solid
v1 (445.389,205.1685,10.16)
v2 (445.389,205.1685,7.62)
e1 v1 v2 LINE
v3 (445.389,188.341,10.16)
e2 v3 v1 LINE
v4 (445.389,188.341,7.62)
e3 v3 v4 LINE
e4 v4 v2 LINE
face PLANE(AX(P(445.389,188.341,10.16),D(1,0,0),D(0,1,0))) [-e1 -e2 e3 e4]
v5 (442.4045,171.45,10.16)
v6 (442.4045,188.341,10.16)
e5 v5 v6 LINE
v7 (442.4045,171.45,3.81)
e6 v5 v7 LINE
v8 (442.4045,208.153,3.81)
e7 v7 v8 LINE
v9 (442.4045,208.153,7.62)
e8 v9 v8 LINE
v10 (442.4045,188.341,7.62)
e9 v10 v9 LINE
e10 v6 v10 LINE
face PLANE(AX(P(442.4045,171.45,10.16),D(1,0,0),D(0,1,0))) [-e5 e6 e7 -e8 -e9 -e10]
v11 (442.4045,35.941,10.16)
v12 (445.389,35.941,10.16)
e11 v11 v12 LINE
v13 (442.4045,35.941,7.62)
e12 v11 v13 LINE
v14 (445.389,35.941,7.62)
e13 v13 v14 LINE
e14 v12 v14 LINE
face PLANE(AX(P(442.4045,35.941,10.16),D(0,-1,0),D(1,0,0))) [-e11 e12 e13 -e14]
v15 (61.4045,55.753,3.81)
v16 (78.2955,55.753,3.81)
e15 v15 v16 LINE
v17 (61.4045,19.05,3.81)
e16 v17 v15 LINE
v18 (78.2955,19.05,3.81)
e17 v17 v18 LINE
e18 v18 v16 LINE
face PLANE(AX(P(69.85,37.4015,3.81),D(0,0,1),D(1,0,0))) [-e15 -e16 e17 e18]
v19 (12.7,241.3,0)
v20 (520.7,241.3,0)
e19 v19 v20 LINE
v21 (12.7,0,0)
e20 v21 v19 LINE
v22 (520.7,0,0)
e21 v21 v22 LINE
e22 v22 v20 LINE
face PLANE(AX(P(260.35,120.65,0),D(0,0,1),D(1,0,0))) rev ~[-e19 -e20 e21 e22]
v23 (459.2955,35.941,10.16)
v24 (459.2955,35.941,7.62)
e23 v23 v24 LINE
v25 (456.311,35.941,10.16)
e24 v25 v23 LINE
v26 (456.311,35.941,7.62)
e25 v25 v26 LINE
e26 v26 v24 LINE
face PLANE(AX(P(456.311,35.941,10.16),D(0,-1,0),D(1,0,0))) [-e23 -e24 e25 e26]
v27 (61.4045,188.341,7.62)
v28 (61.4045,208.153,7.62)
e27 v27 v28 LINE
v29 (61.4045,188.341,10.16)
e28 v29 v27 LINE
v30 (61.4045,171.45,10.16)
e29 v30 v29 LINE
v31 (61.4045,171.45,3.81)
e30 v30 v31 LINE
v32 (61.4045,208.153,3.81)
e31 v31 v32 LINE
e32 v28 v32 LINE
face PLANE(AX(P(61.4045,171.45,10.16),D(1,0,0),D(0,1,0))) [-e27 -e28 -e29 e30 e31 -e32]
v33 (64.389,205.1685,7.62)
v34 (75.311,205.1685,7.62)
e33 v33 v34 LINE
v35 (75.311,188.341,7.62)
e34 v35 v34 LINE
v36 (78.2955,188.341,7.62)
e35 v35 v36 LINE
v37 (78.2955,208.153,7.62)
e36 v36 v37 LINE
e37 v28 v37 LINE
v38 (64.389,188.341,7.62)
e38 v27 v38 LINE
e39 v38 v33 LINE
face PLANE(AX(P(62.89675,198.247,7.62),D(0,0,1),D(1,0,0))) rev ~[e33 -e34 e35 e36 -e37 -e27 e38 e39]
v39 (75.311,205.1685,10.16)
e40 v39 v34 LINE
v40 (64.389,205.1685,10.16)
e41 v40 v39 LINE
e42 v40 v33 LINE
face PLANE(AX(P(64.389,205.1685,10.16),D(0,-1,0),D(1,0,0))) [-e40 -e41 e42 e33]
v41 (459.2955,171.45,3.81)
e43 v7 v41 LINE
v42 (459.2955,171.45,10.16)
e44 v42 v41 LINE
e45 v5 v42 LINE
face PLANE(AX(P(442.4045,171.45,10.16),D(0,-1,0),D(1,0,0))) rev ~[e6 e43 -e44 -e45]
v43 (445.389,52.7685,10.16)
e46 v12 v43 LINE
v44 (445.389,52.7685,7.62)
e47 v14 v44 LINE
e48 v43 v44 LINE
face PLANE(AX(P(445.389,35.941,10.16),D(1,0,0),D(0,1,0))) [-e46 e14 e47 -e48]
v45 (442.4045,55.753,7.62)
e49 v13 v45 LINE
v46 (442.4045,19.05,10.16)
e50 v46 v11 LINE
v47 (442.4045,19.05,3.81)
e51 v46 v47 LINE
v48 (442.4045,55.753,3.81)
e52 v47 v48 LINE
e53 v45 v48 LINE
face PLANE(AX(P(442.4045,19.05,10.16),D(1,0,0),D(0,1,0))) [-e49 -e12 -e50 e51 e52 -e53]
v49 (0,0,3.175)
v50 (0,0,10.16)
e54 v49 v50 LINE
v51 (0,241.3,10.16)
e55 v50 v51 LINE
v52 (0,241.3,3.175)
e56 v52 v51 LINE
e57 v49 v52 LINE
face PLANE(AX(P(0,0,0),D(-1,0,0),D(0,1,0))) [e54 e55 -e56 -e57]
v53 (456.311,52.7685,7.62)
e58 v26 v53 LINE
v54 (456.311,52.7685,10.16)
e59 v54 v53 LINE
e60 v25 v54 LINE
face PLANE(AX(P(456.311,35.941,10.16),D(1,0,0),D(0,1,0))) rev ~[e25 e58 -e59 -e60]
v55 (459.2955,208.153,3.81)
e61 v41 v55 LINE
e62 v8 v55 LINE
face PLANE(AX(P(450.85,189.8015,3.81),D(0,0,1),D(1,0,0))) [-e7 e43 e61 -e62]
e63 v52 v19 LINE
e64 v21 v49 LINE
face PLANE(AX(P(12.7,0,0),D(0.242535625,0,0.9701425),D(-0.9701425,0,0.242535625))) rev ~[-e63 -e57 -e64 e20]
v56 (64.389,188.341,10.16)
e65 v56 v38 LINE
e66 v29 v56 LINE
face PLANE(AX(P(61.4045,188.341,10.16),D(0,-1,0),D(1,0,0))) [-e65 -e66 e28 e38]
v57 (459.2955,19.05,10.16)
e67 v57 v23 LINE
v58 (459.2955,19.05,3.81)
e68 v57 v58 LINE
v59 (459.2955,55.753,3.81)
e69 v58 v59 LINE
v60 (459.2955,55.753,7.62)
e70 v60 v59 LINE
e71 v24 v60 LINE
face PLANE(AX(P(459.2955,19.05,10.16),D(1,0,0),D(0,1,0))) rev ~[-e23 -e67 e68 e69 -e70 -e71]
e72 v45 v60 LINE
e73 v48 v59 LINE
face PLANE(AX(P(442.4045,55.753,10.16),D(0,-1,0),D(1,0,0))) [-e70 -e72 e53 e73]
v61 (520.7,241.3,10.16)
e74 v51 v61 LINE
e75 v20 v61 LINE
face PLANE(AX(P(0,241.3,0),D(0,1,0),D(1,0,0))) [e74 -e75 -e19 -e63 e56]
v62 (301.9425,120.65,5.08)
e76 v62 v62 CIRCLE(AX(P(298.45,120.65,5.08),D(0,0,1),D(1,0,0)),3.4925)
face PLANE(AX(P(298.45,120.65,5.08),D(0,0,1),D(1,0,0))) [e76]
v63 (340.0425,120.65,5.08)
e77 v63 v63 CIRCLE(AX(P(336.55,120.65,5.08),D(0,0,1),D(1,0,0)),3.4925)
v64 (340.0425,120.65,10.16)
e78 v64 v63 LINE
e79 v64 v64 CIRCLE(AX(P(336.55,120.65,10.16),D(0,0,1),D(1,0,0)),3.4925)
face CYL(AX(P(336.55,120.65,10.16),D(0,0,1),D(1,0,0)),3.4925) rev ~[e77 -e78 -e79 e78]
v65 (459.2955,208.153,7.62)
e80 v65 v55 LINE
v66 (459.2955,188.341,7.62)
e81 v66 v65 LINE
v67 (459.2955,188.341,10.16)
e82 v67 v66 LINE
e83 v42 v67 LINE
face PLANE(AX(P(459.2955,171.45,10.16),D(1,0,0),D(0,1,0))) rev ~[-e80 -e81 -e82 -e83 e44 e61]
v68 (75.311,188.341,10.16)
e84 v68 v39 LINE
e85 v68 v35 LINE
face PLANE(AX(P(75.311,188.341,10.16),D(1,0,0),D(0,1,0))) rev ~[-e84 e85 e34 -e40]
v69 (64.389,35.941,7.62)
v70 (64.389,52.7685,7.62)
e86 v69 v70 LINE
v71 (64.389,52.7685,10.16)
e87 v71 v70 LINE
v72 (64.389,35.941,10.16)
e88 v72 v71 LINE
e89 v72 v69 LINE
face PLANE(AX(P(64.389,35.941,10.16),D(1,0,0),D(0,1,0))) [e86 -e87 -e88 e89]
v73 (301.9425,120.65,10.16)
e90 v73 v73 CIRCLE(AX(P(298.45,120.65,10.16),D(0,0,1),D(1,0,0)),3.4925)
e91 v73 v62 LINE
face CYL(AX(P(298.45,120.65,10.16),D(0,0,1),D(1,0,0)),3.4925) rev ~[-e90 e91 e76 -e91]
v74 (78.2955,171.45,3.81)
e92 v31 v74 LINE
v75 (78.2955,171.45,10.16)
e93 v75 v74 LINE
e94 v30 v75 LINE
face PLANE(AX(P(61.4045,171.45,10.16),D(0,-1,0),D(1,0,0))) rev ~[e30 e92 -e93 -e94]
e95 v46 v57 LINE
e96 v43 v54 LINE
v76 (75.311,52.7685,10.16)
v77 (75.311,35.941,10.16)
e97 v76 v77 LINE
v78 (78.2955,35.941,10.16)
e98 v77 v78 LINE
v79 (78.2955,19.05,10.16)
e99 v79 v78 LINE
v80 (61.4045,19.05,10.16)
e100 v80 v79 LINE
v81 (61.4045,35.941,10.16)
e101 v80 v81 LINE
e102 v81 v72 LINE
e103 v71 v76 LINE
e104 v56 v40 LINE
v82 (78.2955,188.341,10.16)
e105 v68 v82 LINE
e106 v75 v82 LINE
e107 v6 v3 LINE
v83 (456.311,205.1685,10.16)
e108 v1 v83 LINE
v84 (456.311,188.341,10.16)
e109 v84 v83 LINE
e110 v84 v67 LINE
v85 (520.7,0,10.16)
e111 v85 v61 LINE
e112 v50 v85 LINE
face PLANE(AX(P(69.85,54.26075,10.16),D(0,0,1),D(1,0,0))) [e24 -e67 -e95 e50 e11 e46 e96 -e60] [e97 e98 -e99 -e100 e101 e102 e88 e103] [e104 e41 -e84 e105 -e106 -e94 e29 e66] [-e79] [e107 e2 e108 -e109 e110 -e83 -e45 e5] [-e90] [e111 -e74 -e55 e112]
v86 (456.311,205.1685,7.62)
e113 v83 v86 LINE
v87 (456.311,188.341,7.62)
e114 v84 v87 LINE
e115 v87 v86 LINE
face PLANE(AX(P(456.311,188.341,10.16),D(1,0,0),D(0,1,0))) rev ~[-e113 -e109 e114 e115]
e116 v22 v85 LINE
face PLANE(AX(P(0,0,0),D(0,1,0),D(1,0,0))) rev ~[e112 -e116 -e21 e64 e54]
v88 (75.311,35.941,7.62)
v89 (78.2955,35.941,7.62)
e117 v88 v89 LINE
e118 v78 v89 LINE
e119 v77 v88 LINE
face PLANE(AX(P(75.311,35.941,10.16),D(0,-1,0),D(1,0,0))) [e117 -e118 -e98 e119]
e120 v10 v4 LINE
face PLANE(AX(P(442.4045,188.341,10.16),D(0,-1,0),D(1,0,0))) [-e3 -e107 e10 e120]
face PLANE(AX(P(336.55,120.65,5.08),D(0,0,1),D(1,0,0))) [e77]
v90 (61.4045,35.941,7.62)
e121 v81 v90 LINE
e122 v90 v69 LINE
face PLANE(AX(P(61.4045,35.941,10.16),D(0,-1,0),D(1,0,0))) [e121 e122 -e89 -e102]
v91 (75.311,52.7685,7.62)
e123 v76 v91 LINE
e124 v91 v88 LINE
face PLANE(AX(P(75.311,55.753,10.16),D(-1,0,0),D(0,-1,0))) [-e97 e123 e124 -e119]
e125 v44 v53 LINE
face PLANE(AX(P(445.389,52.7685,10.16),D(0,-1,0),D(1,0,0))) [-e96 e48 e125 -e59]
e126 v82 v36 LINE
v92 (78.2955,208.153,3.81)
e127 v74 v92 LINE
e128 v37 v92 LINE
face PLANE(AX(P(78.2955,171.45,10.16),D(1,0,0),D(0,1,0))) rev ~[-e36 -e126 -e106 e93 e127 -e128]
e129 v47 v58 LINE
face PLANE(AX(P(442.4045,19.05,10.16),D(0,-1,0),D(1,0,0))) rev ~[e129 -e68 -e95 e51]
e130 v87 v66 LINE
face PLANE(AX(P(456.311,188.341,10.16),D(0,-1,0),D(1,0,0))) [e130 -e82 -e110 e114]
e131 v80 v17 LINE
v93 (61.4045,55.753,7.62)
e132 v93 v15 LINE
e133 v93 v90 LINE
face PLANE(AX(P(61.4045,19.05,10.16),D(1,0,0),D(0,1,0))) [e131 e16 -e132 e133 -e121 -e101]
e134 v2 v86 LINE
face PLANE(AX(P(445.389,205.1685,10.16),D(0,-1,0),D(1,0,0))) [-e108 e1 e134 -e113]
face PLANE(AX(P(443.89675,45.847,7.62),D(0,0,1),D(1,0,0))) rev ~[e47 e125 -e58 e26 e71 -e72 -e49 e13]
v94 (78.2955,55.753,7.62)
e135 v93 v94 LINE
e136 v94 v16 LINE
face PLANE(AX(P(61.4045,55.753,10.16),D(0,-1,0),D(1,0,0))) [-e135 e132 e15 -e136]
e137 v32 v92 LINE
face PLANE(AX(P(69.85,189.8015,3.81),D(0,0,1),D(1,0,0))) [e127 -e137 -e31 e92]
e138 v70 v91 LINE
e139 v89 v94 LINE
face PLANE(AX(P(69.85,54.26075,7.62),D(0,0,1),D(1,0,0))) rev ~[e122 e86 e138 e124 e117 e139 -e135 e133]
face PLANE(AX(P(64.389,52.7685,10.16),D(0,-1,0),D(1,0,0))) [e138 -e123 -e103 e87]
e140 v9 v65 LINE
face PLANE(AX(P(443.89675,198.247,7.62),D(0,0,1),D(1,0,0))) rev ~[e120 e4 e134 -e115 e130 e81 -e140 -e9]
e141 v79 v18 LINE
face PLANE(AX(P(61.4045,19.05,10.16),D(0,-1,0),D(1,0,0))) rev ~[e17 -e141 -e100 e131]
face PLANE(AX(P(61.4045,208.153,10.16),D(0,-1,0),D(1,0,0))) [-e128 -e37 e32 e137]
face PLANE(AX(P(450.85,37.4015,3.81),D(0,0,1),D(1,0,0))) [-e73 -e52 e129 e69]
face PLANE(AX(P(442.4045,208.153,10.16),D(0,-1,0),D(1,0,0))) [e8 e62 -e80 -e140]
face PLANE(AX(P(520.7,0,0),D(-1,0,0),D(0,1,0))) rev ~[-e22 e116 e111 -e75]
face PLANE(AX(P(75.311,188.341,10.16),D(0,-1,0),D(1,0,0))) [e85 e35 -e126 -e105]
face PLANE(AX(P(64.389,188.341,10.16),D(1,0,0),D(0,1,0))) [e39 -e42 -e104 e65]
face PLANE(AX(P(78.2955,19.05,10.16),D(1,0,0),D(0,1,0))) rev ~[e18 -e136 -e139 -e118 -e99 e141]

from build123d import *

# Parameters (mm, degrees)
F0_W      = 520.7
F0_H      = 241.3
F1_DEPTH  = 10.16
F3_W      = 16.891
F3_H      = 36.703
F4_DEPTH  = 6.35
F5_W      = 2.9845
F5_H      = 19.812
F6_DEPTH  = 2.54
F7_W      = 10.922
F7_H      = 2.9845
F8_DEPTH  = 2.54
F2_R      = 3.4925
F9_DEPTH  = 5.08
F11_DEPTH = 254


with BuildPart() as f1:
    # F0 (on Top) → F1 (new body)
    with BuildSketch(Plane.XY):
        with Locations((260.35, 120.65)):
            Rectangle(F0_W, F0_H)
    extrude(amount=F1_DEPTH)

    # F3 (on face) → F4 (cut)
    with BuildSketch(Plane.XY.offset(10.16)):
        with Locations((69.85, 189.8015)):
            Rectangle(F3_W, F3_H)
        with Locations((69.85, 37.4015)):
            Rectangle(F3_W, F3_H)
        with Locations((450.85, 37.4015)):
            Rectangle(F3_W, F3_H)
        with Locations((450.85, 189.8015)):
            Rectangle(F3_W, F3_H)
    extrude(amount=-F4_DEPTH, mode=Mode.SUBTRACT)

    # F5 (on face) → F6 (join)
    with BuildSketch(Plane.XY.offset(10.16)):
        with Locations((62.89675, 198.247)):
            Rectangle(F5_W, F5_H)
        with Locations((76.80325, 198.247)):
            Rectangle(F5_W, F5_H)
        Polygon((64.389, 55.753), (61.4045, 55.753), (61.4045, 35.941), (64.389, 35.941), (64.389, 52.578), align=None)
        Polygon((78.2955, 55.753), (75.311, 55.753), (75.311, 52.578), (75.311, 35.941), (78.2955, 35.941), align=None)
        with Locations((457.80325, 45.847)):
            Rectangle(F5_W, F5_H)
        with Locations((443.89675, 45.847)):
            Rectangle(F5_W, F5_H)
        with Locations((443.89675, 198.247)):
            Rectangle(F5_W, F5_H)
        with Locations((457.80325, 198.247)):
            Rectangle(F5_W, F5_H)
    extrude(amount=-F6_DEPTH)

    # F7 (on face) → F8 (join)
    with BuildSketch(Plane.XY.offset(10.16)):
        with Locations((69.85, 54.26075)):
            Rectangle(F7_W, F7_H)
        with Locations((69.85, 206.66075)):
            Rectangle(F7_W, F7_H)
        with Locations((450.85, 54.26075)):
            Rectangle(F7_W, F7_H)
        with Locations((450.85, 206.66075)):
            Rectangle(F7_W, F7_H)
    extrude(amount=-F8_DEPTH)

    # F2 (on face) → F9 (cut)
    with BuildSketch(Plane.XY.offset(10.16)):
        with Locations((298.45, 120.65)):
            Circle(F2_R)
        with Locations((336.55, 120.65)):
            Circle(F2_R)
    extrude(amount=-F9_DEPTH, mode=Mode.SUBTRACT)

    # F10 (on face) → F11 (cut)
    with BuildSketch(Plane.XZ):
        Polygon((12.7, 0), (0, 3.175), (0, 0), align=None)
    extrude(amount=-F11_DEPTH, mode=Mode.SUBTRACT)


solid = f1.part
